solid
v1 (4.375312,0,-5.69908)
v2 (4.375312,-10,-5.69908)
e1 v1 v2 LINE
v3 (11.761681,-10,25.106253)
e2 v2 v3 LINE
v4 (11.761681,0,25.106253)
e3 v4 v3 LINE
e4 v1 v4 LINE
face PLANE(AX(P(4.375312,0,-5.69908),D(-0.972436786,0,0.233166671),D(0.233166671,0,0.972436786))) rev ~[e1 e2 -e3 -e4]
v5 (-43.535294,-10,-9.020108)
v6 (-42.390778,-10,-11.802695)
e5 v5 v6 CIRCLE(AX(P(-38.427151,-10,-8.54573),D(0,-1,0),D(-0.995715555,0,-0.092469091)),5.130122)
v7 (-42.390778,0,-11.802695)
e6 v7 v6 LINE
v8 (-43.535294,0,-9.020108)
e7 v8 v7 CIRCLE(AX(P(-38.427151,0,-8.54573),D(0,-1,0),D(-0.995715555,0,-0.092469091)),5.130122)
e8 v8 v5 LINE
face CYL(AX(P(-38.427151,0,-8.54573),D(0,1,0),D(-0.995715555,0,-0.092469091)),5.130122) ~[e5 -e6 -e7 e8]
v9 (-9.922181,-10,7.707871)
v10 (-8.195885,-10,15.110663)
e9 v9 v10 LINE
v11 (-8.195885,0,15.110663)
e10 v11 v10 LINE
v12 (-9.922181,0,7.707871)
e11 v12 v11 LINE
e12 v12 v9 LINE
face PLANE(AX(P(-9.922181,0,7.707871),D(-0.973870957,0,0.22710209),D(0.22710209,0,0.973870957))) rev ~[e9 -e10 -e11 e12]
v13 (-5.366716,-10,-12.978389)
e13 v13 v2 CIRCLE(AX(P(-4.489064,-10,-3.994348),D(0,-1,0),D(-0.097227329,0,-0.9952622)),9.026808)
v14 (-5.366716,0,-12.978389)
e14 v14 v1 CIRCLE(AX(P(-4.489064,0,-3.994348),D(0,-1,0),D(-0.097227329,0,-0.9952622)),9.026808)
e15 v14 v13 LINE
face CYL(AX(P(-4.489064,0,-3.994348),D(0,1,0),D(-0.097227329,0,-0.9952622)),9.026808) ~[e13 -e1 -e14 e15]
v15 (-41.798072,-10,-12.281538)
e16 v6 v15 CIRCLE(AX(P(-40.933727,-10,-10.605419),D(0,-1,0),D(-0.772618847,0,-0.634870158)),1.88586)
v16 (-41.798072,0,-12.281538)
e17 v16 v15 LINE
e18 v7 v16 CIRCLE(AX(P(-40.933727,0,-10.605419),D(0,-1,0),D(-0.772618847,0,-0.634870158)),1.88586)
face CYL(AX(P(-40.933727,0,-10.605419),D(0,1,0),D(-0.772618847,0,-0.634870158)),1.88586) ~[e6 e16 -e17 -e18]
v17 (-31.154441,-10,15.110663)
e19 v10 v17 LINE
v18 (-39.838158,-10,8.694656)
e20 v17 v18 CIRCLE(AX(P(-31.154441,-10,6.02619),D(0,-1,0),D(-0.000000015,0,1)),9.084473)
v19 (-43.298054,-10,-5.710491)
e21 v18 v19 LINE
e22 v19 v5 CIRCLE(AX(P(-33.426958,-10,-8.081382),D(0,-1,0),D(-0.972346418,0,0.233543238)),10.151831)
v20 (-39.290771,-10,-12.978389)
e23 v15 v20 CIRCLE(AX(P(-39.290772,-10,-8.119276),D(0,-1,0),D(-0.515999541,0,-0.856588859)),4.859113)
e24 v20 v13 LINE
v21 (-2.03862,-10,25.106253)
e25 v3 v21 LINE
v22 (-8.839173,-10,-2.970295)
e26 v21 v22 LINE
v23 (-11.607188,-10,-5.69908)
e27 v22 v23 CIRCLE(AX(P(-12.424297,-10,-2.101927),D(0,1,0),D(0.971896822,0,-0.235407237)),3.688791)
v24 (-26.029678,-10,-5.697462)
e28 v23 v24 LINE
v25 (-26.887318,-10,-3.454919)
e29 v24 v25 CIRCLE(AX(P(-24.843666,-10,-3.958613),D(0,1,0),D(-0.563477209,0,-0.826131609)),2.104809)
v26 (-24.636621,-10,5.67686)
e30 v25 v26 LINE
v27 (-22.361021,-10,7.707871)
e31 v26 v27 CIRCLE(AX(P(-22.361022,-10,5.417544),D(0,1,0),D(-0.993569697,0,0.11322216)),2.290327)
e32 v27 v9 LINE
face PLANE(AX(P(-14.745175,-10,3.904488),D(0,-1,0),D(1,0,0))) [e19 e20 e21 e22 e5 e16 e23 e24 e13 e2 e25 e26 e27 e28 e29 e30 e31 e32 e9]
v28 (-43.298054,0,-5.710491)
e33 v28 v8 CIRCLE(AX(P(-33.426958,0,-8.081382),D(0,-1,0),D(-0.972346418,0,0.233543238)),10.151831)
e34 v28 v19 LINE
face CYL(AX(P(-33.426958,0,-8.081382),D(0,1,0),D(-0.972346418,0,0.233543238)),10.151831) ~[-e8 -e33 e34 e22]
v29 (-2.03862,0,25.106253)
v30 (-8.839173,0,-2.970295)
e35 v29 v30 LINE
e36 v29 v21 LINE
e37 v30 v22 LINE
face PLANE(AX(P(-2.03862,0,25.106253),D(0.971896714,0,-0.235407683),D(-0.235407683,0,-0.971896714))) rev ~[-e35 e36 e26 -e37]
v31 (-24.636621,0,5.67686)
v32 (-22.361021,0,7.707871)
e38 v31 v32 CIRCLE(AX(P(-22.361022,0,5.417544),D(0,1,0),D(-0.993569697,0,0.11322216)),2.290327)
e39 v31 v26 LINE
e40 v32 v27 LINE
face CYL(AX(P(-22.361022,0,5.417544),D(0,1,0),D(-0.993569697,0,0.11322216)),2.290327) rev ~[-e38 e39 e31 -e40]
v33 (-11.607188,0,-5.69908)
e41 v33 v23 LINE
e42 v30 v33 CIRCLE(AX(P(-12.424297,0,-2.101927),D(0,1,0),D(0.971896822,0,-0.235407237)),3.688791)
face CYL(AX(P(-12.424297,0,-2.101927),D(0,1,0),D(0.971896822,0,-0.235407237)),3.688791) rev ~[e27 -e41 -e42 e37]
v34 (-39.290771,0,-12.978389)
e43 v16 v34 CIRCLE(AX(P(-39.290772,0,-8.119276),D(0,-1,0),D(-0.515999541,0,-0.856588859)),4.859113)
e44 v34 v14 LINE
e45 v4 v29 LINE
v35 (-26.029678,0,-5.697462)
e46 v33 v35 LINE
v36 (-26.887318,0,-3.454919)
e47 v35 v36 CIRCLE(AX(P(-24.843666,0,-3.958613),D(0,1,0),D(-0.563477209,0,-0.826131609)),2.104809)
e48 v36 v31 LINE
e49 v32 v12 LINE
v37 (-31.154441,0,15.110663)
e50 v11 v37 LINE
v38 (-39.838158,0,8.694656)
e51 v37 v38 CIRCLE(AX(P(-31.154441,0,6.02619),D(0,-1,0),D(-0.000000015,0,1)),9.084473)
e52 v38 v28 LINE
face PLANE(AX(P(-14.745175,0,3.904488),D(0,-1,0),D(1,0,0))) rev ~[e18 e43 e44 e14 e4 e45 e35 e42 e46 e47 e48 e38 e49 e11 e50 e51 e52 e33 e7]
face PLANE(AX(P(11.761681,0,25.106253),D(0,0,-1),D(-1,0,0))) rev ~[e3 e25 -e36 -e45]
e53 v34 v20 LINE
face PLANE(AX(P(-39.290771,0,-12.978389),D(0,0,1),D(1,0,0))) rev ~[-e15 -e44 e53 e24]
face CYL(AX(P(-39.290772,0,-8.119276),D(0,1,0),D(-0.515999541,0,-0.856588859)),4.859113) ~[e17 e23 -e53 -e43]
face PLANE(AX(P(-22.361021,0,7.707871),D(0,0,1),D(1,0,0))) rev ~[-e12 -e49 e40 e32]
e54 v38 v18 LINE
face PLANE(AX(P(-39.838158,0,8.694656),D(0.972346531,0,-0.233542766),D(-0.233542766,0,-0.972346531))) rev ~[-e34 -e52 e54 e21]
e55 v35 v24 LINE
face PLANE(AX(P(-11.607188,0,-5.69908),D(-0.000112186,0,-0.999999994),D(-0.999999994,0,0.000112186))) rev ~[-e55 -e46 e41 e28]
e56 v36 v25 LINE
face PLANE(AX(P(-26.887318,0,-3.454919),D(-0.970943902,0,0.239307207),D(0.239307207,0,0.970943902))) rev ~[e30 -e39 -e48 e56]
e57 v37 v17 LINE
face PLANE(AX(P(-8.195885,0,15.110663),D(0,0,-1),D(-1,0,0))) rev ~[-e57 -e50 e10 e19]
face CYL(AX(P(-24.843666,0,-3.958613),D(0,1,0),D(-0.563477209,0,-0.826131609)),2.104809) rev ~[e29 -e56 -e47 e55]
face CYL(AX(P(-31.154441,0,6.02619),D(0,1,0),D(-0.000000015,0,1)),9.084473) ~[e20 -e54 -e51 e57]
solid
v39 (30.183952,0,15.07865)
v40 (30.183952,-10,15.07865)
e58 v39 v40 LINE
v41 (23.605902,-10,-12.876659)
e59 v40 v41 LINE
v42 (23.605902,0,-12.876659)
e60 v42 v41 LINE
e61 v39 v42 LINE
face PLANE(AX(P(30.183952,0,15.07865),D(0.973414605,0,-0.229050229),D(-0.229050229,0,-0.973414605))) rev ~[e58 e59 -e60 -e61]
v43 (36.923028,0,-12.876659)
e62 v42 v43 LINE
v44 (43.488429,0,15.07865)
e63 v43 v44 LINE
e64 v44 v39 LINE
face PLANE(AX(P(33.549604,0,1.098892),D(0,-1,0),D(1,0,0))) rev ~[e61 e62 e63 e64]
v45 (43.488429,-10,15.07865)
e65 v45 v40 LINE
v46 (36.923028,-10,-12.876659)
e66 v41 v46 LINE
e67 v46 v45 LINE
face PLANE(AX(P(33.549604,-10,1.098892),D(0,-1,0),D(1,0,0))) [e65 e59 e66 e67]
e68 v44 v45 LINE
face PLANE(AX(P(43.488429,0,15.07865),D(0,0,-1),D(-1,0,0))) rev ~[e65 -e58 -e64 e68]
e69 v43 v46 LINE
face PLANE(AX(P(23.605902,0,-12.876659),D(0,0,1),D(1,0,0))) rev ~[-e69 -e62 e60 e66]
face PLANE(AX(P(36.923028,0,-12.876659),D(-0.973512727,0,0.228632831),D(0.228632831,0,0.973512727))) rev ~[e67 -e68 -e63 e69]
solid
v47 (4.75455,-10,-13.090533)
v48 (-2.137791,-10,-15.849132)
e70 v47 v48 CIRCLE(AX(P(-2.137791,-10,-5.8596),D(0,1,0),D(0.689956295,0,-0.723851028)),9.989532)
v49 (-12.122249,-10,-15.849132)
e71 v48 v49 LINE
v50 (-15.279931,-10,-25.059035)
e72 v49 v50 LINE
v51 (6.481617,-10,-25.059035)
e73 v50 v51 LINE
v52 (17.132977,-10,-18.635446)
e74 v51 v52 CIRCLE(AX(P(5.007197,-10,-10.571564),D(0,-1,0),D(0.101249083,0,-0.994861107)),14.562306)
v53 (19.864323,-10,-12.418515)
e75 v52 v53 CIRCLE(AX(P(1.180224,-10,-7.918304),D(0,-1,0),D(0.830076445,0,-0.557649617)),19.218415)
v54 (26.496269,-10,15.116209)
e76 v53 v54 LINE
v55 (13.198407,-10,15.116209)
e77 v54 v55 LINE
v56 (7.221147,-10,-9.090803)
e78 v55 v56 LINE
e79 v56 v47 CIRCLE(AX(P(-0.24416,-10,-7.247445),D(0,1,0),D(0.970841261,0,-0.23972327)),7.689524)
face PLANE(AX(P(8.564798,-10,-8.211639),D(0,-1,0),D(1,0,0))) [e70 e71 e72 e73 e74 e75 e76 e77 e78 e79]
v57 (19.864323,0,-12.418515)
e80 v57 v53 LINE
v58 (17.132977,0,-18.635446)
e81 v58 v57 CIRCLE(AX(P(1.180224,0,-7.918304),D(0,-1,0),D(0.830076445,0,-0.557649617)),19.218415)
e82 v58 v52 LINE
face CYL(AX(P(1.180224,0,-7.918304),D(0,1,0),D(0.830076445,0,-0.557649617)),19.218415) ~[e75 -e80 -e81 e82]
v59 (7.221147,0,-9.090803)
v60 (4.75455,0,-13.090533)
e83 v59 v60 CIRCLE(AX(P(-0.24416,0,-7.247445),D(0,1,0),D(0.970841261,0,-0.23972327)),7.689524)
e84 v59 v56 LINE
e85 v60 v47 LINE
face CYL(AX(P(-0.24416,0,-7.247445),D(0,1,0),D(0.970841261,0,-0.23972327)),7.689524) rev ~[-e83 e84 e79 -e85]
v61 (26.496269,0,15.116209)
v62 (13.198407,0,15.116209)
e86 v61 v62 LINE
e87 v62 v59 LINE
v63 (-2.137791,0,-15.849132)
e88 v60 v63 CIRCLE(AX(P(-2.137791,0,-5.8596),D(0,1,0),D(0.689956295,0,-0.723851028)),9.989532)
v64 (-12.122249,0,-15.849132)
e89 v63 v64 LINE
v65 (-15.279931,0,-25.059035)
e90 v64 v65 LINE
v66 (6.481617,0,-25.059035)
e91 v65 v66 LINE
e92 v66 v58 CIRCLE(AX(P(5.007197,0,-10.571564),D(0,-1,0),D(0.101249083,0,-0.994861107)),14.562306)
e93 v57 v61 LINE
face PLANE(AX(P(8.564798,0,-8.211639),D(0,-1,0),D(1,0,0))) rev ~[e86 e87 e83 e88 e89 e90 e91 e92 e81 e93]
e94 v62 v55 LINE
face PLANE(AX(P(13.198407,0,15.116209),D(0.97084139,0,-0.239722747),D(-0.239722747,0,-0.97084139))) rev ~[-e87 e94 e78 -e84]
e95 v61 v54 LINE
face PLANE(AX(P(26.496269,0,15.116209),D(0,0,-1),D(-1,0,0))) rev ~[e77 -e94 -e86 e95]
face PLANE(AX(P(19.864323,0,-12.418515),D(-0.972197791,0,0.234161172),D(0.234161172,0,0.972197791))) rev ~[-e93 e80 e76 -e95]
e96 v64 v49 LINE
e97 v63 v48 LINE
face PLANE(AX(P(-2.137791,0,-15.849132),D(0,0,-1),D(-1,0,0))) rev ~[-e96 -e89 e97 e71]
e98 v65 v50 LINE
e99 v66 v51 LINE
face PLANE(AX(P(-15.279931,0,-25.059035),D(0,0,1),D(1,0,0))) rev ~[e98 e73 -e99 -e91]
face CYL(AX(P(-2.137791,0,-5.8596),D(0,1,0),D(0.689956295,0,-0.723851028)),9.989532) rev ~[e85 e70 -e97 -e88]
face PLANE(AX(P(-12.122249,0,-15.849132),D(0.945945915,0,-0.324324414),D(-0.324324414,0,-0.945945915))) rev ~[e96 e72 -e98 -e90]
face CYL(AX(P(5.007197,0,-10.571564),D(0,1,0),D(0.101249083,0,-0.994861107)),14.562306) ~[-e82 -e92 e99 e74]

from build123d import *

# Parameters (mm, degrees)
F3_DEPTH = 10


with BuildPart() as f3:
    # F0 (on Front) + F1 (on Front) + F2 (on Front) → F3 (new body)
    with BuildSketch(Plane.XZ):
        with BuildLine():
            Line((4.375312, -5.69908), (11.761681, 25.106253))
            Line((11.761681, 25.106253), (-2.03862, 25.106253))
            Line((-2.03862, 25.106253), (-8.839173, -2.970295))
            ThreePointArc((-8.839173, -2.970295), (-9.83461, -4.728845), (-11.607188, -5.69908))
            Line((-11.607188, -5.69908), (-26.029678, -5.697462))
            ThreePointArc((-26.029678, -5.697462), (-26.809609, -4.71047), (-26.887318, -3.454919))
            Line((-26.887318, -3.454919), (-24.636621, 5.67686))
            ThreePointArc((-24.636621, 5.67686), (-23.886092, 7.126274), (-22.361021, 7.707871))
            Line((-22.361021, 7.707871), (-9.922181, 7.707871))
            Line((-9.922181, 7.707871), (-8.195885, 15.110663))
            Line((-8.195885, 15.110663), (-31.154441, 15.110663))
            ThreePointArc((-31.154441, 15.110663), (-36.552868, 13.332669), (-39.838158, 8.694656))
            Line((-39.838158, 8.694656), (-43.298054, -5.710491))
            ThreePointArc((-43.298054, -5.710491), (-43.552807, -7.355542), (-43.535294, -9.020108))
            ThreePointArc((-43.535294, -9.020108), (-43.171616, -10.497194), (-42.390778, -11.802695))
            ThreePointArc((-42.390778, -11.802695), (-42.118861, -12.072363), (-41.798072, -12.281538))
            ThreePointArc((-41.798072, -12.281538), (-40.59194, -12.800936), (-39.290771, -12.978389))
            Line((-39.290771, -12.978389), (-5.366716, -12.978389))
            ThreePointArc((-5.366716, -12.978389), (0.914086, -11.225478), (4.375312, -5.69908))
        make_face()
    with BuildSketch(Plane.XZ):
        with BuildLine():
            Line((19.864323, -12.418515), (26.496269, 15.116209))
            Line((26.496269, 15.116209), (13.198407, 15.116209))
            Line((13.198407, 15.116209), (7.221147, -9.090803))
            ThreePointArc((7.221147, -9.090803), (6.300868, -11.283704), (4.75455, -13.090533))
            ThreePointArc((4.75455, -13.090533), (1.574157, -15.133876), (-2.137791, -15.849132))
            Line((-2.137791, -15.849132), (-12.122249, -15.849132))
            Line((-12.122249, -15.849132), (-15.279931, -25.059035))
            Line((-15.279931, -25.059035), (6.481617, -25.059035))
            ThreePointArc((6.481617, -25.059035), (12.527635, -23.041678), (17.132977, -18.635446))
            ThreePointArc((17.132977, -18.635446), (18.775406, -15.648571), (19.864323, -12.418515))
        make_face()
    with BuildSketch(Plane.XZ):
        Polygon((36.923028, -12.876659), (43.488429, 15.07865), (30.183952, 15.07865), (23.605902, -12.876659), align=None)
    extrude(amount=F3_DEPTH)


solid = f3.part
